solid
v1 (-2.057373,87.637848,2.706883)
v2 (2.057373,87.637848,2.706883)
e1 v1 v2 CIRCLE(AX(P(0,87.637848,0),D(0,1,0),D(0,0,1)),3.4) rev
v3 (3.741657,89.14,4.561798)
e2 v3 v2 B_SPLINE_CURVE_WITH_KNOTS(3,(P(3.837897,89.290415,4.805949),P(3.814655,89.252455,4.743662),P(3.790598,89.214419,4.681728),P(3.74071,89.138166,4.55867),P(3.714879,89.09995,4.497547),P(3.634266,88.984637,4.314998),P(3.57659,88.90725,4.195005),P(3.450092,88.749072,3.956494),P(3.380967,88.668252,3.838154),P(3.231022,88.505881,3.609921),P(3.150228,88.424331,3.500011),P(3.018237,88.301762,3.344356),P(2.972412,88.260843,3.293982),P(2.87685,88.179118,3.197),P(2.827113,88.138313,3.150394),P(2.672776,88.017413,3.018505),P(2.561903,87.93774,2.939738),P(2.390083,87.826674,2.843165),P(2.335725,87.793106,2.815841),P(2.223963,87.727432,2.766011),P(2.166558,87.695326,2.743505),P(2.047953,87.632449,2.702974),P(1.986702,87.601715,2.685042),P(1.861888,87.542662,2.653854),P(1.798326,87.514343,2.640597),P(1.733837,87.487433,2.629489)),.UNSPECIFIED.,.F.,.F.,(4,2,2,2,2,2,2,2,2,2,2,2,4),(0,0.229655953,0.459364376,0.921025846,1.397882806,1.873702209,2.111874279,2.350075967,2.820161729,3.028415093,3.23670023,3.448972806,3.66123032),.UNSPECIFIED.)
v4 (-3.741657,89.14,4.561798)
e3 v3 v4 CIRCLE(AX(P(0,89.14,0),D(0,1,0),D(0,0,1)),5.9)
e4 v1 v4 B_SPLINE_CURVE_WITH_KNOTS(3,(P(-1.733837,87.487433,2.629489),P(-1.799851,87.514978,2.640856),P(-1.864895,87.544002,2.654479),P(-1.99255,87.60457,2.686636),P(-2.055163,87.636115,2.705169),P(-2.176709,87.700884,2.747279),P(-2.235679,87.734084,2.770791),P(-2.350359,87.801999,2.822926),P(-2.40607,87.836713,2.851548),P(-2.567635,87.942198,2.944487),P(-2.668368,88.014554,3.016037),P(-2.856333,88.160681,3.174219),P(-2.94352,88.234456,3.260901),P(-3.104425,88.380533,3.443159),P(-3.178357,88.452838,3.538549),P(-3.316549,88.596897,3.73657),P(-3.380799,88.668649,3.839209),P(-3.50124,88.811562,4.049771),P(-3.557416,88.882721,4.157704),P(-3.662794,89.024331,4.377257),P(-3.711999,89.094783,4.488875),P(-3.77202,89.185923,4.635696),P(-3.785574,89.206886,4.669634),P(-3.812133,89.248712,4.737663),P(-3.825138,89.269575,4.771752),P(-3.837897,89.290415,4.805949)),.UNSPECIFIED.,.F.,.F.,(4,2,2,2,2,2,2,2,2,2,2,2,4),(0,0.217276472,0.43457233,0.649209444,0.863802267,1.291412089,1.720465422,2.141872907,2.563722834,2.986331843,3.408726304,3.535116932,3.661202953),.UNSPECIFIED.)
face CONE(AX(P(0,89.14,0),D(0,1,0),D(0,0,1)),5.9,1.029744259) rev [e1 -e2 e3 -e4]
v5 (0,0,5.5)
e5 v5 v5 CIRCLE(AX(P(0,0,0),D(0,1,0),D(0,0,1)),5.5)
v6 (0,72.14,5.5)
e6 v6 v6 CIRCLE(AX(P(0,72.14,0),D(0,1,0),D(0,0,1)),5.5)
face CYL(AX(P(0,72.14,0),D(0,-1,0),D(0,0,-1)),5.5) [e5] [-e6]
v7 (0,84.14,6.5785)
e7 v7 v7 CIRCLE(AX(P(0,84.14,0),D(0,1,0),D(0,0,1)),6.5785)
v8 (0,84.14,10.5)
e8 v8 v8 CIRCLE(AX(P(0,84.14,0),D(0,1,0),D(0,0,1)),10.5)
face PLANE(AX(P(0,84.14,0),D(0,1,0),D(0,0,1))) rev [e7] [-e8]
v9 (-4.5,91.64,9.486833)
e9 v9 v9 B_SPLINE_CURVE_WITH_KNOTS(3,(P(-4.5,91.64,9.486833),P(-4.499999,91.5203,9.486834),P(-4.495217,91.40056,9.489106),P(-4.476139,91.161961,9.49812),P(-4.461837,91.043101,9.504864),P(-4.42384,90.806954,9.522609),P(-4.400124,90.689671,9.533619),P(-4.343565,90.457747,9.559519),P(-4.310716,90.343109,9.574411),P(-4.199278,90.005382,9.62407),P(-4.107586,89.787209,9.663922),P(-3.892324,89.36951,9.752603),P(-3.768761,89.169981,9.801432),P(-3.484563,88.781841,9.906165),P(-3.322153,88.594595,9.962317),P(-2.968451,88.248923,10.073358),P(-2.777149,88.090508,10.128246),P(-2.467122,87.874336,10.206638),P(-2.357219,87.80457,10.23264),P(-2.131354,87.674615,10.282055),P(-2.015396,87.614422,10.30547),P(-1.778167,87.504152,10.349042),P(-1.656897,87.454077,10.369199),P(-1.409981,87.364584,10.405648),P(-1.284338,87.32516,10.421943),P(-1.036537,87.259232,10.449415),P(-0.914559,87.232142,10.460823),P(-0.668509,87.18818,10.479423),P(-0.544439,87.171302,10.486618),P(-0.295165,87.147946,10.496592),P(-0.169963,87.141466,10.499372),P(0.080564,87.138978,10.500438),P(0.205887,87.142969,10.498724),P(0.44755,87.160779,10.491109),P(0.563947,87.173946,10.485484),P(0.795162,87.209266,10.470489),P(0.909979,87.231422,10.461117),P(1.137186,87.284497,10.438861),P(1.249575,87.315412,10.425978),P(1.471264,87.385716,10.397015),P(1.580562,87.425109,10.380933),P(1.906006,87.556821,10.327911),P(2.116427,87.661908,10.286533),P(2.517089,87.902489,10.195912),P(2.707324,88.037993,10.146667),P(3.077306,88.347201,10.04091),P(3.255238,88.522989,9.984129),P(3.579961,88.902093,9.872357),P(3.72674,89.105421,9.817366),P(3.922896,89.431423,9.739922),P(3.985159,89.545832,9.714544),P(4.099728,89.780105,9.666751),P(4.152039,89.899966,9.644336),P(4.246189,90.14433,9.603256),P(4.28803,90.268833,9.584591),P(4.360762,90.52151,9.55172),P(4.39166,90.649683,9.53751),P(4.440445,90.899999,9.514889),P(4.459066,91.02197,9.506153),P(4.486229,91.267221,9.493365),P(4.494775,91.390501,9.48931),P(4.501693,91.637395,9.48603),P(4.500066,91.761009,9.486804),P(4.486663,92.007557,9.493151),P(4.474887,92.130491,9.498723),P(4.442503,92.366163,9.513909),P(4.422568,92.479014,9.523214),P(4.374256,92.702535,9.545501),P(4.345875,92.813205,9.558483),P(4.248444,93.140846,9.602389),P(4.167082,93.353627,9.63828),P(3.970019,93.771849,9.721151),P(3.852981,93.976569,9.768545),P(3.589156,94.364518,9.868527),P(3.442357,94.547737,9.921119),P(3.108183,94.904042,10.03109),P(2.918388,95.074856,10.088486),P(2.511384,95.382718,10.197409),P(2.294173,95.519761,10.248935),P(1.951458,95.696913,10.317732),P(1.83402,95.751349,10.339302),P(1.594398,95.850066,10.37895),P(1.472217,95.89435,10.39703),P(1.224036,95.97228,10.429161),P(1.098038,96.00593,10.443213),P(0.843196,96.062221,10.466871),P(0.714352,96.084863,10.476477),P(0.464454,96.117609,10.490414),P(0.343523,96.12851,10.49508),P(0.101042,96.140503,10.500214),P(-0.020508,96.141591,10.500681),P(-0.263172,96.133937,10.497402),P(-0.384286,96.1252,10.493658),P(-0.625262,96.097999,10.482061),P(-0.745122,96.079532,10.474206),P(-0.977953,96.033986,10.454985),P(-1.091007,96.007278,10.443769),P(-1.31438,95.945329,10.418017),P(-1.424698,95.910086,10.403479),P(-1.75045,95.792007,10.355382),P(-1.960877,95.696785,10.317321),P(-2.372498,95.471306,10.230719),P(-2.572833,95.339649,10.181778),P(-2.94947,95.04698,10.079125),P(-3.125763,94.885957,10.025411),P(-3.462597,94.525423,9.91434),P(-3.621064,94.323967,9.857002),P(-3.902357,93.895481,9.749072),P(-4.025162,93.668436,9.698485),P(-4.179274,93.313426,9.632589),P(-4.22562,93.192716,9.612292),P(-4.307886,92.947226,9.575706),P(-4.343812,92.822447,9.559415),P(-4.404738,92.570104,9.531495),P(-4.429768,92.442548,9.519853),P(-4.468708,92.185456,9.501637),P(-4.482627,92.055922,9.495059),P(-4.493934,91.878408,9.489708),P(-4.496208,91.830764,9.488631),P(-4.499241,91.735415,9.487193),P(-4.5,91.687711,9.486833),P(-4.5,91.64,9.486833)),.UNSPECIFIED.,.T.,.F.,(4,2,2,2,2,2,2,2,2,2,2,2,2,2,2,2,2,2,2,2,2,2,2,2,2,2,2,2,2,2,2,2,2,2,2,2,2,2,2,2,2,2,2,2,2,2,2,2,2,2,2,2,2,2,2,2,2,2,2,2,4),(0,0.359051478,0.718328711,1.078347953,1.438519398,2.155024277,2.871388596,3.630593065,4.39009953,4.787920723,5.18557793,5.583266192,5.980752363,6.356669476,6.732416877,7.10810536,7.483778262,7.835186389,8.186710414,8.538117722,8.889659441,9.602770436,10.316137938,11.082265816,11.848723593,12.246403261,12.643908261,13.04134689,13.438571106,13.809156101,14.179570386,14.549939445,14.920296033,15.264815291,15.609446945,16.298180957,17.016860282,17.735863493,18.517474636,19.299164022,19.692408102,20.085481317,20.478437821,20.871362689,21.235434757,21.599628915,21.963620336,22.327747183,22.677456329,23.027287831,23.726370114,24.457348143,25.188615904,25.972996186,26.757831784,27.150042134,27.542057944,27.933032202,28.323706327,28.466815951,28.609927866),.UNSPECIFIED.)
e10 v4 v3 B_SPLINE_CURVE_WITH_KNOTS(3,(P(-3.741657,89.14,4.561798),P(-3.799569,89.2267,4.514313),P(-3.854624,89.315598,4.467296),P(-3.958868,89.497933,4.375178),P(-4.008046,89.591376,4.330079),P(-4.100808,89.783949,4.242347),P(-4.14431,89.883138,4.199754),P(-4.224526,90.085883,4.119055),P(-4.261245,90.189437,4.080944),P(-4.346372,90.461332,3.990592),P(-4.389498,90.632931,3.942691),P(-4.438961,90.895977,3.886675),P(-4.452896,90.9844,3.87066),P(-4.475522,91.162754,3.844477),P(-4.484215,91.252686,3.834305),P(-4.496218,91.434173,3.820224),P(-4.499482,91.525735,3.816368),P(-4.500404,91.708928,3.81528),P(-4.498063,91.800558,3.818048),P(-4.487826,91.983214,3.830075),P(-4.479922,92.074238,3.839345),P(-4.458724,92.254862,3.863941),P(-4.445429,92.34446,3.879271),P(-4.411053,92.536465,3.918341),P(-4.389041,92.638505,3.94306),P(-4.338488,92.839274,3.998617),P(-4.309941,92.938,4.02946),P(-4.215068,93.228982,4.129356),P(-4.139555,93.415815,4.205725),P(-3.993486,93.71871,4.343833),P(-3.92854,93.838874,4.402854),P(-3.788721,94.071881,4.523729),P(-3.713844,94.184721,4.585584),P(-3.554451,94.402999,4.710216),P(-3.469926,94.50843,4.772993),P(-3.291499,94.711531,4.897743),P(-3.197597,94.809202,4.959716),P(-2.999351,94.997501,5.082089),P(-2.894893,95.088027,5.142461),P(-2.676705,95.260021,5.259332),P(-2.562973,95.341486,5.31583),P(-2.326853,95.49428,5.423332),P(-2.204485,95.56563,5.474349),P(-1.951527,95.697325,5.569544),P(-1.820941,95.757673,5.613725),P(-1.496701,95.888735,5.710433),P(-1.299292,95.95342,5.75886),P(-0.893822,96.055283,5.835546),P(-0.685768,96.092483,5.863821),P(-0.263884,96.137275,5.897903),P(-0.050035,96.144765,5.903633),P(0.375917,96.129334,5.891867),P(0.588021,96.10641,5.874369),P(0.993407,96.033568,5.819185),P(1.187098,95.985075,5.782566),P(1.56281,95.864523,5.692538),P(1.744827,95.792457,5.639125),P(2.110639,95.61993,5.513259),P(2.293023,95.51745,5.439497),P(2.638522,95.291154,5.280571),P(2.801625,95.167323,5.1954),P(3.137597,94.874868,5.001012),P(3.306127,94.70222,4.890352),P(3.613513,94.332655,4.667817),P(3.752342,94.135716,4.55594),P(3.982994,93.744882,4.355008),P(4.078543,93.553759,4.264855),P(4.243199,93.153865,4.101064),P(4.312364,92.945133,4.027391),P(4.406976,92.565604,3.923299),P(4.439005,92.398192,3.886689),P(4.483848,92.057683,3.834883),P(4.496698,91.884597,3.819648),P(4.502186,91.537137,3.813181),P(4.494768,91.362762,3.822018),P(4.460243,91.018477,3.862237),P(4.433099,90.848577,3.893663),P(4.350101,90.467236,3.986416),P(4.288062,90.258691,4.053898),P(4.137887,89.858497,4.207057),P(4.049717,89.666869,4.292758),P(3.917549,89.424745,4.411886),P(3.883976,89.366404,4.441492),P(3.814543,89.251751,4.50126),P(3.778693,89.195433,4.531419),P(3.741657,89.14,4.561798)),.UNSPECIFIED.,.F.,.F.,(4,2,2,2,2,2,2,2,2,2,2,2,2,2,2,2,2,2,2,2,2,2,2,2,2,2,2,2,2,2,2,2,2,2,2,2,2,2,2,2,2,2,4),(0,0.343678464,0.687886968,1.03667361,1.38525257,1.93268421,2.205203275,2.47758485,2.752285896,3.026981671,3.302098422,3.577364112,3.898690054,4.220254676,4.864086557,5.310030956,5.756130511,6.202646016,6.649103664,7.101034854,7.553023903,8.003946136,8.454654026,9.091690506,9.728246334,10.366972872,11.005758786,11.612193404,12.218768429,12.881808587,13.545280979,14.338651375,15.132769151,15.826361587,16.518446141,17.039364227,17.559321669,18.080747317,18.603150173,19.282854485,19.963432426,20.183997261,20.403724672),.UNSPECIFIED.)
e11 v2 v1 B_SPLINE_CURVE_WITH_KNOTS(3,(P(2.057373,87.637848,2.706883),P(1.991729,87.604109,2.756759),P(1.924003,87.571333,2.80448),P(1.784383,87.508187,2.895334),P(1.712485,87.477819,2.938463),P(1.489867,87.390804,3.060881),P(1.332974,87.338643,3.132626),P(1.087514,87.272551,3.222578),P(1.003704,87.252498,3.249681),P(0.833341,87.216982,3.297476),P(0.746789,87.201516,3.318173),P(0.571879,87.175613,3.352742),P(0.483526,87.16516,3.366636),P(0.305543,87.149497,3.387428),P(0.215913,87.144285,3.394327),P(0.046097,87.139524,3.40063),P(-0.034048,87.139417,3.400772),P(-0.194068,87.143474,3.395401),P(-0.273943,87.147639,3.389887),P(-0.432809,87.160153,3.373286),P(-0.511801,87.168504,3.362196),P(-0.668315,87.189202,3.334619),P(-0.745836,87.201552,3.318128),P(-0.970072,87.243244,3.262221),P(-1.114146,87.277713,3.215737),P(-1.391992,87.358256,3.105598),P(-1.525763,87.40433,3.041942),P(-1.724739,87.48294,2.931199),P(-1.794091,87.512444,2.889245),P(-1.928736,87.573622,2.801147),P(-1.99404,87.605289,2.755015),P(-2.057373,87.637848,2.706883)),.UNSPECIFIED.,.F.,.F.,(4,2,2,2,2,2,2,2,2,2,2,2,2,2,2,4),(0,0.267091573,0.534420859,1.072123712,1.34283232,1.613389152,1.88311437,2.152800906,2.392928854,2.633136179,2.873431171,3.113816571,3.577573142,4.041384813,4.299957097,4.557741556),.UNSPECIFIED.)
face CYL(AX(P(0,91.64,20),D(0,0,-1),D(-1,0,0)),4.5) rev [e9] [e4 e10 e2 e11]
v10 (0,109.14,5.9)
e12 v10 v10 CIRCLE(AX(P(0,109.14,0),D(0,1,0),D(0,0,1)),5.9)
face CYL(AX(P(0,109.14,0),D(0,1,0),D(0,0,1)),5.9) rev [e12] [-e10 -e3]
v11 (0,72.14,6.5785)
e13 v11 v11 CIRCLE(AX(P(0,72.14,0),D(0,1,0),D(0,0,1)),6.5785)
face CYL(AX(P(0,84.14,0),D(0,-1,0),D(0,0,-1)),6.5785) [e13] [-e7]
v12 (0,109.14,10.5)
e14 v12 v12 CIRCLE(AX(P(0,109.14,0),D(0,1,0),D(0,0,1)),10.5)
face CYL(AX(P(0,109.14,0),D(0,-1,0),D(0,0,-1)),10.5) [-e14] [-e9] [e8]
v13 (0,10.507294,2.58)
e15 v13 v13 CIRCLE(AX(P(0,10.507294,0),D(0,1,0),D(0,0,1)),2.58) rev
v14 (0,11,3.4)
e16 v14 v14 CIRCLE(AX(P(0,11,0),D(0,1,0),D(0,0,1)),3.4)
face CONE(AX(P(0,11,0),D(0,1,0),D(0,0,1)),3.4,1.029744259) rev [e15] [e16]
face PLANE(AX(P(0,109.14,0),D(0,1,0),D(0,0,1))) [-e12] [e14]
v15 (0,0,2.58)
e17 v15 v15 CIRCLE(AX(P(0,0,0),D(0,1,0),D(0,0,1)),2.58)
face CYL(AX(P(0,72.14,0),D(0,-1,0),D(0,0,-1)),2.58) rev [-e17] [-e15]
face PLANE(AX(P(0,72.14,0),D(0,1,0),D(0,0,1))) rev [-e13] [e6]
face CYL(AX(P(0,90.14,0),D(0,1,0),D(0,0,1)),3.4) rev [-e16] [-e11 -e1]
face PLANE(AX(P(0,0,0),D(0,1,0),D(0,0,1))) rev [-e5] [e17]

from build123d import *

# Parameters (mm, degrees)
SKETCH1_R               = 5.5
SKETCH1_R_2             = 2.58
BOSS_EXTRUDE1_DEPTH     = 72.14
SKETCH5_R               = 6.5785
BOSS_EXTRUDE2_DEPTH     = 12
SKETCH6_R               = 10.5
BOSS_EXTRUDE3_DEPTH     = 25
G1_4_TAPPED_HOLE2_D     = 11.8
G1_4_TAPPED_HOLE2_DEPTH = 20
G1_4_TAPPED_HOLE2_TIP   = 3.545077652
SKETCH15_R              = 2.5
BOSS_EXTRUDE4_DEPTH     = 18
M8_TAPPED_HOLE1_D       = 6.8
M8_TAPPED_HOLE1_DEPTH   = 79.14
M8_TAPPED_HOLE1_TIP     = 2.042926105
SKETCH18_R              = 4.5
CUT_EXTRUDE1_DEPTH      = 20


with BuildPart() as part:
    # Sketch1 → Boss-Extrude1 (new body)
    with BuildSketch(Plane(origin=(0, 0, 0), x_dir=(1, 0, 0), z_dir=(0, 1, 0))):
        with Locations(Location((0, 0, 0), (0, 0, 270))):
            Circle(SKETCH1_R)
        with Locations(Location((0, 0, 0), (0, 0, 270))):
            Circle(SKETCH1_R_2, mode=Mode.SUBTRACT)
    extrude(amount=BOSS_EXTRUDE1_DEPTH)

    # Sketch5 → Boss-Extrude2 (add)
    with BuildSketch(Plane(origin=(0, 72.14, 0), x_dir=(1, 0, 0), z_dir=(0, 1, 0))):
        with Locations(Location((0, 0, 0), (0, 0, 270))):
            Circle(SKETCH5_R)
    extrude(amount=BOSS_EXTRUDE2_DEPTH)

    # Sketch6 → Boss-Extrude3 (add)
    with BuildSketch(Plane(origin=(0, 84.14, 0), x_dir=(1, 0, 0), z_dir=(0, 1, 0))):
        with Locations(Location((0, 0, 0), (0, 0, 270))):
            Circle(SKETCH6_R)
    extrude(amount=BOSS_EXTRUDE3_DEPTH)

    # G1/4 Tapped Hole2
    with Locations(Plane(origin=(0, 109.14, 0), x_dir=(1, 0, 0), z_dir=(0, 1, 0))):
        with Locations((0, 0)):
            Hole(G1_4_TAPPED_HOLE2_D / 2, depth=G1_4_TAPPED_HOLE2_DEPTH)
            with Locations((0, 0, -(G1_4_TAPPED_HOLE2_DEPTH + G1_4_TAPPED_HOLE2_TIP / 2))):  # 118° drill point
                Cone(0, G1_4_TAPPED_HOLE2_D / 2, G1_4_TAPPED_HOLE2_TIP, mode=Mode.SUBTRACT)

    # Sketch15 → Boss-Extrude4 (add)
    with BuildSketch(Plane(origin=(0, 90.14, 0), x_dir=(-1, 0, 0), z_dir=(0, -1, 0))):
        with Locations(Location((0, 0, 0), (0, 0, 270))):
            Circle(SKETCH15_R)
    extrude(amount=BOSS_EXTRUDE4_DEPTH)

    # M8 Tapped Hole1
    with Locations(Plane(origin=(0, 90.14, 0), x_dir=(1, 0, 0), z_dir=(0, 1, 0))):
        with Locations((0, 0)):
            Hole(M8_TAPPED_HOLE1_D / 2, depth=M8_TAPPED_HOLE1_DEPTH)
            with Locations((0, 0, -(M8_TAPPED_HOLE1_DEPTH + M8_TAPPED_HOLE1_TIP / 2))):  # 118° drill point
                Cone(0, M8_TAPPED_HOLE1_D / 2, M8_TAPPED_HOLE1_TIP, mode=Mode.SUBTRACT)

    # Sketch18 → Cut-Extrude1 (cut)
    with BuildSketch(Plane.XY):
        with Locations(Location((0, 91.64, 0), (0, 0, 180))):
            Circle(SKETCH18_R)
    extrude(amount=CUT_EXTRUDE1_DEPTH, mode=Mode.SUBTRACT)


solid = part.part
